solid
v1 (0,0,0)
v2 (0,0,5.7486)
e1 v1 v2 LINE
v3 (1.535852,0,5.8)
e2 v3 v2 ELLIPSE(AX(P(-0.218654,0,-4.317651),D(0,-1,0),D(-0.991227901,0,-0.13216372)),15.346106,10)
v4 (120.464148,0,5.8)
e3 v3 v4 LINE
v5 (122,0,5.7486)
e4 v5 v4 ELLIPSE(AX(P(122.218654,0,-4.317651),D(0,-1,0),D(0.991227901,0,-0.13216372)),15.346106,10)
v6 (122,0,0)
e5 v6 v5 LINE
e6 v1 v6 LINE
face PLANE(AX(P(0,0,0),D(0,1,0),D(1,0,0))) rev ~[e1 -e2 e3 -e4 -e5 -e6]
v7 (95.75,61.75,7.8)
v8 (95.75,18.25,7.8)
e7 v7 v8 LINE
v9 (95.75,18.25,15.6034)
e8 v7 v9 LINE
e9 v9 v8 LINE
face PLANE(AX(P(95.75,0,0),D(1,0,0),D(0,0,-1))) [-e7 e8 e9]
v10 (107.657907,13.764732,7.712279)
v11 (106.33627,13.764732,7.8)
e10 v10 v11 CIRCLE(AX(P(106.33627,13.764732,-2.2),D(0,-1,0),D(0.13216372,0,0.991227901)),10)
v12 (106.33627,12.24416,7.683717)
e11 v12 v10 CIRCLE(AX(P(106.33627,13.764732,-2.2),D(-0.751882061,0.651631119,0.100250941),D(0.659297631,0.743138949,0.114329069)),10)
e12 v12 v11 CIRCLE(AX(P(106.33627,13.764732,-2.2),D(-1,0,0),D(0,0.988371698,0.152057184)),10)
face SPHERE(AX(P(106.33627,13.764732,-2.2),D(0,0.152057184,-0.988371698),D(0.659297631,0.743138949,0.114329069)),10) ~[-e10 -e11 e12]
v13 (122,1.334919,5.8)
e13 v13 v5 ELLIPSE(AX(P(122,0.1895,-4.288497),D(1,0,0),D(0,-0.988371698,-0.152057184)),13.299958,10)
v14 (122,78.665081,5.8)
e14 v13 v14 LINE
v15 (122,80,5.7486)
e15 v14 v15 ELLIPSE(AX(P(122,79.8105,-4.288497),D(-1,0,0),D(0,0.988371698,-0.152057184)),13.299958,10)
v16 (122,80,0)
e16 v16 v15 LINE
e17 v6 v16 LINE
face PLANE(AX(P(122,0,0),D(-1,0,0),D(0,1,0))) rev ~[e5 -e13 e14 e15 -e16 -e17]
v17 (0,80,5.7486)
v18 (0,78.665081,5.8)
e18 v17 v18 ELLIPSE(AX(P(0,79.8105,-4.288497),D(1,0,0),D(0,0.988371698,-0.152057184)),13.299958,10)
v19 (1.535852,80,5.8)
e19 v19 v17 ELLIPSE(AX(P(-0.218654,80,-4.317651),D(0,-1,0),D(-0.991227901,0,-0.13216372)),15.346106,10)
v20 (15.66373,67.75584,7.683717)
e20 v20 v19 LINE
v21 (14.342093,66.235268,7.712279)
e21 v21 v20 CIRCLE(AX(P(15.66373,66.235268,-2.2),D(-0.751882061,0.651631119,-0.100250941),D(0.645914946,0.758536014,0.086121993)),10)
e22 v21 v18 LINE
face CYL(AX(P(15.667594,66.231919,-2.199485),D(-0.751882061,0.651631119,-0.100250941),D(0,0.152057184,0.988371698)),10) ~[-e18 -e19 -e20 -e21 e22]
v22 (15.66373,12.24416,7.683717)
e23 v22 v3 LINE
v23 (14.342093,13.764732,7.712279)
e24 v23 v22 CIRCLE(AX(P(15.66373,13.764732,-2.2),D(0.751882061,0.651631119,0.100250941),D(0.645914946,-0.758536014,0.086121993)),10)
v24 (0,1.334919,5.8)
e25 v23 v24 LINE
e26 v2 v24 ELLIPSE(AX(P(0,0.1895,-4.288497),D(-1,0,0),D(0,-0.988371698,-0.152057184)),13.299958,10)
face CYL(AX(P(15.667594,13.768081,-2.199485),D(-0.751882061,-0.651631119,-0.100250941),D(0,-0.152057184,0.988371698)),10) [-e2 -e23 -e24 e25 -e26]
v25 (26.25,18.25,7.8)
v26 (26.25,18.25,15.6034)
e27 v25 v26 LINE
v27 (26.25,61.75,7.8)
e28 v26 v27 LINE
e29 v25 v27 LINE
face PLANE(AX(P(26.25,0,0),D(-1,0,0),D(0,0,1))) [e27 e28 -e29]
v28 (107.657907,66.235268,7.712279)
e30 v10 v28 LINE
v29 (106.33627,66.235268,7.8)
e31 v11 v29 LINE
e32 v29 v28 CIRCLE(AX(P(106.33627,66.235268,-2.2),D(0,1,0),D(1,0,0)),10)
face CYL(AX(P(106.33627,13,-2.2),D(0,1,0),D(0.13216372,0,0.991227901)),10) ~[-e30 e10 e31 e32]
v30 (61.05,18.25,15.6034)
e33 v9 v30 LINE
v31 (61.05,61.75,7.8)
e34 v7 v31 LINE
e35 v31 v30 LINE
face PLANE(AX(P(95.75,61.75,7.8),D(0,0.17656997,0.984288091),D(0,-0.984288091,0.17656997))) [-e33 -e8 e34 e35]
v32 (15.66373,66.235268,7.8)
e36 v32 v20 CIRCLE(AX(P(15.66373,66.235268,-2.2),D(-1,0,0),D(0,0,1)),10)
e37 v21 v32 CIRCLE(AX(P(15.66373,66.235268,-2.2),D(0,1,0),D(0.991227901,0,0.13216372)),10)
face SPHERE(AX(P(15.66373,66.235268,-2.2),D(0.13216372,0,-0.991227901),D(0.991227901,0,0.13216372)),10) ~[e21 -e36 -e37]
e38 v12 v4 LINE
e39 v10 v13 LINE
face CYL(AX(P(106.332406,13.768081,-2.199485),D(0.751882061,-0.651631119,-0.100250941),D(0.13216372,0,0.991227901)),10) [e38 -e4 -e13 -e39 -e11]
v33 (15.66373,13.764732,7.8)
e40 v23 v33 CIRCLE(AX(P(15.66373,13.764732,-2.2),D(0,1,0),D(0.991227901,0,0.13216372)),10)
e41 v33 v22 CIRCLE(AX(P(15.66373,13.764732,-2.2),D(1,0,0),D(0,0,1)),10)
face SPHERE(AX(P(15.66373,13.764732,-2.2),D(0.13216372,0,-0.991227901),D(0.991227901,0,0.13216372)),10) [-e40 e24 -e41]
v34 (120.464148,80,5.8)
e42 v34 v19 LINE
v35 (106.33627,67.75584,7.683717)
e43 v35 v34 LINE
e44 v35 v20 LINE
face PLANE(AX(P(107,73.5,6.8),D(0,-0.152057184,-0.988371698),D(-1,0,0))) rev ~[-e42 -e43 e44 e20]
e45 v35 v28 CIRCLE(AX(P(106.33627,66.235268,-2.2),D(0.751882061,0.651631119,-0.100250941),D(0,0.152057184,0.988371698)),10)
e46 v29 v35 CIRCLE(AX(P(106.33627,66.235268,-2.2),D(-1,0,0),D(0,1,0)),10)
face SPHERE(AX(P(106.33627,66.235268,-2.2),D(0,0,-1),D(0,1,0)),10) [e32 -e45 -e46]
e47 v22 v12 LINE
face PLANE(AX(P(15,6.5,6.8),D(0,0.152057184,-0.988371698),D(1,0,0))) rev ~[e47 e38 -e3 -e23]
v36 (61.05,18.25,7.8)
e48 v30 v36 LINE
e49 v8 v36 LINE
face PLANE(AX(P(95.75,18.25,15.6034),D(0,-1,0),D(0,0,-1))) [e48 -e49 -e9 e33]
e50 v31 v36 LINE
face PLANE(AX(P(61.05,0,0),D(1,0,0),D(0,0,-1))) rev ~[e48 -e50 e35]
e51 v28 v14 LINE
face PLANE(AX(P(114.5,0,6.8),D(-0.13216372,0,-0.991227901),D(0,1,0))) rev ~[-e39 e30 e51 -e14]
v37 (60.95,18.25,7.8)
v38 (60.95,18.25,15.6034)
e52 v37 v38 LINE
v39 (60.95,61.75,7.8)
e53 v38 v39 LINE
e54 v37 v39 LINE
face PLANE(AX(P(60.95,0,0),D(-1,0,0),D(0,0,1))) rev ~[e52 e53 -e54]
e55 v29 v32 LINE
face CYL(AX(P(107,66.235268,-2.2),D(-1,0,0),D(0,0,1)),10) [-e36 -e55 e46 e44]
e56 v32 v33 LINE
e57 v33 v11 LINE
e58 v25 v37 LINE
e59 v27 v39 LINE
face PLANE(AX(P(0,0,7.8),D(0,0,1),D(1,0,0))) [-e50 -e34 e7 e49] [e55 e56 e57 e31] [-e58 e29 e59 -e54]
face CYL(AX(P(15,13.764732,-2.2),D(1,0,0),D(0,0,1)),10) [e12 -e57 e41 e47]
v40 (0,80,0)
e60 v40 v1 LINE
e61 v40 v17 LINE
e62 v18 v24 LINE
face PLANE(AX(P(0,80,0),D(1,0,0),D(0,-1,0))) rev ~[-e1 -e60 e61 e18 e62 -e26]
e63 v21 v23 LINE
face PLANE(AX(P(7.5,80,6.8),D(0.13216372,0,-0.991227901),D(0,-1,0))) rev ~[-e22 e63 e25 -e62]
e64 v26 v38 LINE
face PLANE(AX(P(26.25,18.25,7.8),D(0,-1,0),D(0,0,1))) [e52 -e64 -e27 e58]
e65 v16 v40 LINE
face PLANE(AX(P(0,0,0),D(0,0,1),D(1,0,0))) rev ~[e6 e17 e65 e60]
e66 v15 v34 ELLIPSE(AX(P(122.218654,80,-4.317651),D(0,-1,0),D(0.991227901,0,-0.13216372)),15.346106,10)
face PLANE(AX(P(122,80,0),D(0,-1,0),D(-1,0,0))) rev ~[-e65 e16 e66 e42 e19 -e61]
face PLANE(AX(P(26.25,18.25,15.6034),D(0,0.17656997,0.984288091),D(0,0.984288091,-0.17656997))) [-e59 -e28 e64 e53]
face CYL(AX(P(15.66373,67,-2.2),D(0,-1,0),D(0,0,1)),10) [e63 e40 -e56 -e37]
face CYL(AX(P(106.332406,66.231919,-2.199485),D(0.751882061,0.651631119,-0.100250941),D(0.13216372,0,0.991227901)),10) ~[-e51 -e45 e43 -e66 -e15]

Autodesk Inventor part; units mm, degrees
ref_plane "YZ Plane" through (0, 0, 0) normal (1, 0, 0) x (0, 1, 0)
sketch "스케치1" plane through (0, 0, 0) normal (0, 0, 1) x (1, 0, 0)
  line L0 (0, 0) -> (122, 0)
  line L1 (122, 0) -> (122, 80)
  line L2 (122, 80) -> (0, 80)
  line L3 (0, 80) -> (0, 0)
  dimension "d0" = 80
  dimension "d1" = 122
extrude "돌출1" add sketch "스케치1" along normal blind 7.8
sketch "스케치2" plane through (0, 0, 7.8) normal (0, 0, 1) x (1, 0, 0)
  line L0 (26.25, 61.75) -> (95.75, 61.75)
  line L1 (95.75, 61.75) -> (95.75, 18.25)
  line L2 (95.75, 18.25) -> (26.25, 18.25)
  line L3 (26.25, 18.25) -> (26.25, 61.75)
  line L4 (0, 80) -> (0, 0) projected
  line L5 (0, 0) -> (122, 0) projected
  dimension "d4" = 43.5
  dimension "d5" = 69.5
  dimension "d6" = 26.25
  dimension "d7" = 18.25
ref_plane "작업 평면1" through (95.75, 0, 0) normal (1, 0, 0) x (0, 0, -1)
sketch "스케치3" plane through (95.75, 0, 0) normal (1, 0, 0) x (0, 0, -1)
  line L0 (-7.8, 61.75) -> (-7.8, 18.25) projected
  line L1 (-7.8, 61.75) -> (-15.6034, 18.25)
  line L2 (-15.6034, 18.25) -> (-7.8, 18.25)
  point P0 (0, 0)
  dimension "d9" = 10.17
extrude "돌출2" add sketch "스케치3" against normal blind 34.7
ref_plane "작업 평면2" through (26.25, 0, 0) normal (-1, 0, 0) x (0, 0, 1)
sketch "스케치4" plane through (26.25, 0, 0) normal (-1, 0, 0) x (0, 0, 1)
  line L0 (7.8, 18.25) -> (7.8, 61.75) projected
  line L1 (7.8, 18.25) -> (15.6034, 18.25) projected
  line L2 (15.6034, 18.25) -> (7.8, 61.75) projected
  point P0 (0, 0)
extrude "돌출3" add sketch "스케치4" against normal blind 34.7
chamfer "모따기1" distance 15 distance2 2 1 edges at (122, 40, 7.8) measured on face at (61.0167, 73.9167, 7.8)
chamfer "모따기2" distance 15 distance2 2 1 edges at (0, 40, 7.8) measured on face at (8.75, 47.25, 7.8)
chamfer "모따기3" distance 13 distance2 2 1 edges at (61, 80, 7.8) measured on face at (61.0167, 73.9167, 7.8)
chamfer "모따기4" distance 13 distance2 2 1 edges at (61, 0, 7.8) measured on face at (60.9833, 6.0833, 7.8)
fillet "모깎기1" radius 10 8 edges at (114.5, 73.5, 6.8) (61, 67, 7.8) (107, 40, 7.8) (114.5, 6.5, 6.8) (61, 13, 7.8) (15, 40, 7.8) (7.5, 6.5, 6.8) (7.5, 73.5, 6.8)
properties part number "스위치2"
